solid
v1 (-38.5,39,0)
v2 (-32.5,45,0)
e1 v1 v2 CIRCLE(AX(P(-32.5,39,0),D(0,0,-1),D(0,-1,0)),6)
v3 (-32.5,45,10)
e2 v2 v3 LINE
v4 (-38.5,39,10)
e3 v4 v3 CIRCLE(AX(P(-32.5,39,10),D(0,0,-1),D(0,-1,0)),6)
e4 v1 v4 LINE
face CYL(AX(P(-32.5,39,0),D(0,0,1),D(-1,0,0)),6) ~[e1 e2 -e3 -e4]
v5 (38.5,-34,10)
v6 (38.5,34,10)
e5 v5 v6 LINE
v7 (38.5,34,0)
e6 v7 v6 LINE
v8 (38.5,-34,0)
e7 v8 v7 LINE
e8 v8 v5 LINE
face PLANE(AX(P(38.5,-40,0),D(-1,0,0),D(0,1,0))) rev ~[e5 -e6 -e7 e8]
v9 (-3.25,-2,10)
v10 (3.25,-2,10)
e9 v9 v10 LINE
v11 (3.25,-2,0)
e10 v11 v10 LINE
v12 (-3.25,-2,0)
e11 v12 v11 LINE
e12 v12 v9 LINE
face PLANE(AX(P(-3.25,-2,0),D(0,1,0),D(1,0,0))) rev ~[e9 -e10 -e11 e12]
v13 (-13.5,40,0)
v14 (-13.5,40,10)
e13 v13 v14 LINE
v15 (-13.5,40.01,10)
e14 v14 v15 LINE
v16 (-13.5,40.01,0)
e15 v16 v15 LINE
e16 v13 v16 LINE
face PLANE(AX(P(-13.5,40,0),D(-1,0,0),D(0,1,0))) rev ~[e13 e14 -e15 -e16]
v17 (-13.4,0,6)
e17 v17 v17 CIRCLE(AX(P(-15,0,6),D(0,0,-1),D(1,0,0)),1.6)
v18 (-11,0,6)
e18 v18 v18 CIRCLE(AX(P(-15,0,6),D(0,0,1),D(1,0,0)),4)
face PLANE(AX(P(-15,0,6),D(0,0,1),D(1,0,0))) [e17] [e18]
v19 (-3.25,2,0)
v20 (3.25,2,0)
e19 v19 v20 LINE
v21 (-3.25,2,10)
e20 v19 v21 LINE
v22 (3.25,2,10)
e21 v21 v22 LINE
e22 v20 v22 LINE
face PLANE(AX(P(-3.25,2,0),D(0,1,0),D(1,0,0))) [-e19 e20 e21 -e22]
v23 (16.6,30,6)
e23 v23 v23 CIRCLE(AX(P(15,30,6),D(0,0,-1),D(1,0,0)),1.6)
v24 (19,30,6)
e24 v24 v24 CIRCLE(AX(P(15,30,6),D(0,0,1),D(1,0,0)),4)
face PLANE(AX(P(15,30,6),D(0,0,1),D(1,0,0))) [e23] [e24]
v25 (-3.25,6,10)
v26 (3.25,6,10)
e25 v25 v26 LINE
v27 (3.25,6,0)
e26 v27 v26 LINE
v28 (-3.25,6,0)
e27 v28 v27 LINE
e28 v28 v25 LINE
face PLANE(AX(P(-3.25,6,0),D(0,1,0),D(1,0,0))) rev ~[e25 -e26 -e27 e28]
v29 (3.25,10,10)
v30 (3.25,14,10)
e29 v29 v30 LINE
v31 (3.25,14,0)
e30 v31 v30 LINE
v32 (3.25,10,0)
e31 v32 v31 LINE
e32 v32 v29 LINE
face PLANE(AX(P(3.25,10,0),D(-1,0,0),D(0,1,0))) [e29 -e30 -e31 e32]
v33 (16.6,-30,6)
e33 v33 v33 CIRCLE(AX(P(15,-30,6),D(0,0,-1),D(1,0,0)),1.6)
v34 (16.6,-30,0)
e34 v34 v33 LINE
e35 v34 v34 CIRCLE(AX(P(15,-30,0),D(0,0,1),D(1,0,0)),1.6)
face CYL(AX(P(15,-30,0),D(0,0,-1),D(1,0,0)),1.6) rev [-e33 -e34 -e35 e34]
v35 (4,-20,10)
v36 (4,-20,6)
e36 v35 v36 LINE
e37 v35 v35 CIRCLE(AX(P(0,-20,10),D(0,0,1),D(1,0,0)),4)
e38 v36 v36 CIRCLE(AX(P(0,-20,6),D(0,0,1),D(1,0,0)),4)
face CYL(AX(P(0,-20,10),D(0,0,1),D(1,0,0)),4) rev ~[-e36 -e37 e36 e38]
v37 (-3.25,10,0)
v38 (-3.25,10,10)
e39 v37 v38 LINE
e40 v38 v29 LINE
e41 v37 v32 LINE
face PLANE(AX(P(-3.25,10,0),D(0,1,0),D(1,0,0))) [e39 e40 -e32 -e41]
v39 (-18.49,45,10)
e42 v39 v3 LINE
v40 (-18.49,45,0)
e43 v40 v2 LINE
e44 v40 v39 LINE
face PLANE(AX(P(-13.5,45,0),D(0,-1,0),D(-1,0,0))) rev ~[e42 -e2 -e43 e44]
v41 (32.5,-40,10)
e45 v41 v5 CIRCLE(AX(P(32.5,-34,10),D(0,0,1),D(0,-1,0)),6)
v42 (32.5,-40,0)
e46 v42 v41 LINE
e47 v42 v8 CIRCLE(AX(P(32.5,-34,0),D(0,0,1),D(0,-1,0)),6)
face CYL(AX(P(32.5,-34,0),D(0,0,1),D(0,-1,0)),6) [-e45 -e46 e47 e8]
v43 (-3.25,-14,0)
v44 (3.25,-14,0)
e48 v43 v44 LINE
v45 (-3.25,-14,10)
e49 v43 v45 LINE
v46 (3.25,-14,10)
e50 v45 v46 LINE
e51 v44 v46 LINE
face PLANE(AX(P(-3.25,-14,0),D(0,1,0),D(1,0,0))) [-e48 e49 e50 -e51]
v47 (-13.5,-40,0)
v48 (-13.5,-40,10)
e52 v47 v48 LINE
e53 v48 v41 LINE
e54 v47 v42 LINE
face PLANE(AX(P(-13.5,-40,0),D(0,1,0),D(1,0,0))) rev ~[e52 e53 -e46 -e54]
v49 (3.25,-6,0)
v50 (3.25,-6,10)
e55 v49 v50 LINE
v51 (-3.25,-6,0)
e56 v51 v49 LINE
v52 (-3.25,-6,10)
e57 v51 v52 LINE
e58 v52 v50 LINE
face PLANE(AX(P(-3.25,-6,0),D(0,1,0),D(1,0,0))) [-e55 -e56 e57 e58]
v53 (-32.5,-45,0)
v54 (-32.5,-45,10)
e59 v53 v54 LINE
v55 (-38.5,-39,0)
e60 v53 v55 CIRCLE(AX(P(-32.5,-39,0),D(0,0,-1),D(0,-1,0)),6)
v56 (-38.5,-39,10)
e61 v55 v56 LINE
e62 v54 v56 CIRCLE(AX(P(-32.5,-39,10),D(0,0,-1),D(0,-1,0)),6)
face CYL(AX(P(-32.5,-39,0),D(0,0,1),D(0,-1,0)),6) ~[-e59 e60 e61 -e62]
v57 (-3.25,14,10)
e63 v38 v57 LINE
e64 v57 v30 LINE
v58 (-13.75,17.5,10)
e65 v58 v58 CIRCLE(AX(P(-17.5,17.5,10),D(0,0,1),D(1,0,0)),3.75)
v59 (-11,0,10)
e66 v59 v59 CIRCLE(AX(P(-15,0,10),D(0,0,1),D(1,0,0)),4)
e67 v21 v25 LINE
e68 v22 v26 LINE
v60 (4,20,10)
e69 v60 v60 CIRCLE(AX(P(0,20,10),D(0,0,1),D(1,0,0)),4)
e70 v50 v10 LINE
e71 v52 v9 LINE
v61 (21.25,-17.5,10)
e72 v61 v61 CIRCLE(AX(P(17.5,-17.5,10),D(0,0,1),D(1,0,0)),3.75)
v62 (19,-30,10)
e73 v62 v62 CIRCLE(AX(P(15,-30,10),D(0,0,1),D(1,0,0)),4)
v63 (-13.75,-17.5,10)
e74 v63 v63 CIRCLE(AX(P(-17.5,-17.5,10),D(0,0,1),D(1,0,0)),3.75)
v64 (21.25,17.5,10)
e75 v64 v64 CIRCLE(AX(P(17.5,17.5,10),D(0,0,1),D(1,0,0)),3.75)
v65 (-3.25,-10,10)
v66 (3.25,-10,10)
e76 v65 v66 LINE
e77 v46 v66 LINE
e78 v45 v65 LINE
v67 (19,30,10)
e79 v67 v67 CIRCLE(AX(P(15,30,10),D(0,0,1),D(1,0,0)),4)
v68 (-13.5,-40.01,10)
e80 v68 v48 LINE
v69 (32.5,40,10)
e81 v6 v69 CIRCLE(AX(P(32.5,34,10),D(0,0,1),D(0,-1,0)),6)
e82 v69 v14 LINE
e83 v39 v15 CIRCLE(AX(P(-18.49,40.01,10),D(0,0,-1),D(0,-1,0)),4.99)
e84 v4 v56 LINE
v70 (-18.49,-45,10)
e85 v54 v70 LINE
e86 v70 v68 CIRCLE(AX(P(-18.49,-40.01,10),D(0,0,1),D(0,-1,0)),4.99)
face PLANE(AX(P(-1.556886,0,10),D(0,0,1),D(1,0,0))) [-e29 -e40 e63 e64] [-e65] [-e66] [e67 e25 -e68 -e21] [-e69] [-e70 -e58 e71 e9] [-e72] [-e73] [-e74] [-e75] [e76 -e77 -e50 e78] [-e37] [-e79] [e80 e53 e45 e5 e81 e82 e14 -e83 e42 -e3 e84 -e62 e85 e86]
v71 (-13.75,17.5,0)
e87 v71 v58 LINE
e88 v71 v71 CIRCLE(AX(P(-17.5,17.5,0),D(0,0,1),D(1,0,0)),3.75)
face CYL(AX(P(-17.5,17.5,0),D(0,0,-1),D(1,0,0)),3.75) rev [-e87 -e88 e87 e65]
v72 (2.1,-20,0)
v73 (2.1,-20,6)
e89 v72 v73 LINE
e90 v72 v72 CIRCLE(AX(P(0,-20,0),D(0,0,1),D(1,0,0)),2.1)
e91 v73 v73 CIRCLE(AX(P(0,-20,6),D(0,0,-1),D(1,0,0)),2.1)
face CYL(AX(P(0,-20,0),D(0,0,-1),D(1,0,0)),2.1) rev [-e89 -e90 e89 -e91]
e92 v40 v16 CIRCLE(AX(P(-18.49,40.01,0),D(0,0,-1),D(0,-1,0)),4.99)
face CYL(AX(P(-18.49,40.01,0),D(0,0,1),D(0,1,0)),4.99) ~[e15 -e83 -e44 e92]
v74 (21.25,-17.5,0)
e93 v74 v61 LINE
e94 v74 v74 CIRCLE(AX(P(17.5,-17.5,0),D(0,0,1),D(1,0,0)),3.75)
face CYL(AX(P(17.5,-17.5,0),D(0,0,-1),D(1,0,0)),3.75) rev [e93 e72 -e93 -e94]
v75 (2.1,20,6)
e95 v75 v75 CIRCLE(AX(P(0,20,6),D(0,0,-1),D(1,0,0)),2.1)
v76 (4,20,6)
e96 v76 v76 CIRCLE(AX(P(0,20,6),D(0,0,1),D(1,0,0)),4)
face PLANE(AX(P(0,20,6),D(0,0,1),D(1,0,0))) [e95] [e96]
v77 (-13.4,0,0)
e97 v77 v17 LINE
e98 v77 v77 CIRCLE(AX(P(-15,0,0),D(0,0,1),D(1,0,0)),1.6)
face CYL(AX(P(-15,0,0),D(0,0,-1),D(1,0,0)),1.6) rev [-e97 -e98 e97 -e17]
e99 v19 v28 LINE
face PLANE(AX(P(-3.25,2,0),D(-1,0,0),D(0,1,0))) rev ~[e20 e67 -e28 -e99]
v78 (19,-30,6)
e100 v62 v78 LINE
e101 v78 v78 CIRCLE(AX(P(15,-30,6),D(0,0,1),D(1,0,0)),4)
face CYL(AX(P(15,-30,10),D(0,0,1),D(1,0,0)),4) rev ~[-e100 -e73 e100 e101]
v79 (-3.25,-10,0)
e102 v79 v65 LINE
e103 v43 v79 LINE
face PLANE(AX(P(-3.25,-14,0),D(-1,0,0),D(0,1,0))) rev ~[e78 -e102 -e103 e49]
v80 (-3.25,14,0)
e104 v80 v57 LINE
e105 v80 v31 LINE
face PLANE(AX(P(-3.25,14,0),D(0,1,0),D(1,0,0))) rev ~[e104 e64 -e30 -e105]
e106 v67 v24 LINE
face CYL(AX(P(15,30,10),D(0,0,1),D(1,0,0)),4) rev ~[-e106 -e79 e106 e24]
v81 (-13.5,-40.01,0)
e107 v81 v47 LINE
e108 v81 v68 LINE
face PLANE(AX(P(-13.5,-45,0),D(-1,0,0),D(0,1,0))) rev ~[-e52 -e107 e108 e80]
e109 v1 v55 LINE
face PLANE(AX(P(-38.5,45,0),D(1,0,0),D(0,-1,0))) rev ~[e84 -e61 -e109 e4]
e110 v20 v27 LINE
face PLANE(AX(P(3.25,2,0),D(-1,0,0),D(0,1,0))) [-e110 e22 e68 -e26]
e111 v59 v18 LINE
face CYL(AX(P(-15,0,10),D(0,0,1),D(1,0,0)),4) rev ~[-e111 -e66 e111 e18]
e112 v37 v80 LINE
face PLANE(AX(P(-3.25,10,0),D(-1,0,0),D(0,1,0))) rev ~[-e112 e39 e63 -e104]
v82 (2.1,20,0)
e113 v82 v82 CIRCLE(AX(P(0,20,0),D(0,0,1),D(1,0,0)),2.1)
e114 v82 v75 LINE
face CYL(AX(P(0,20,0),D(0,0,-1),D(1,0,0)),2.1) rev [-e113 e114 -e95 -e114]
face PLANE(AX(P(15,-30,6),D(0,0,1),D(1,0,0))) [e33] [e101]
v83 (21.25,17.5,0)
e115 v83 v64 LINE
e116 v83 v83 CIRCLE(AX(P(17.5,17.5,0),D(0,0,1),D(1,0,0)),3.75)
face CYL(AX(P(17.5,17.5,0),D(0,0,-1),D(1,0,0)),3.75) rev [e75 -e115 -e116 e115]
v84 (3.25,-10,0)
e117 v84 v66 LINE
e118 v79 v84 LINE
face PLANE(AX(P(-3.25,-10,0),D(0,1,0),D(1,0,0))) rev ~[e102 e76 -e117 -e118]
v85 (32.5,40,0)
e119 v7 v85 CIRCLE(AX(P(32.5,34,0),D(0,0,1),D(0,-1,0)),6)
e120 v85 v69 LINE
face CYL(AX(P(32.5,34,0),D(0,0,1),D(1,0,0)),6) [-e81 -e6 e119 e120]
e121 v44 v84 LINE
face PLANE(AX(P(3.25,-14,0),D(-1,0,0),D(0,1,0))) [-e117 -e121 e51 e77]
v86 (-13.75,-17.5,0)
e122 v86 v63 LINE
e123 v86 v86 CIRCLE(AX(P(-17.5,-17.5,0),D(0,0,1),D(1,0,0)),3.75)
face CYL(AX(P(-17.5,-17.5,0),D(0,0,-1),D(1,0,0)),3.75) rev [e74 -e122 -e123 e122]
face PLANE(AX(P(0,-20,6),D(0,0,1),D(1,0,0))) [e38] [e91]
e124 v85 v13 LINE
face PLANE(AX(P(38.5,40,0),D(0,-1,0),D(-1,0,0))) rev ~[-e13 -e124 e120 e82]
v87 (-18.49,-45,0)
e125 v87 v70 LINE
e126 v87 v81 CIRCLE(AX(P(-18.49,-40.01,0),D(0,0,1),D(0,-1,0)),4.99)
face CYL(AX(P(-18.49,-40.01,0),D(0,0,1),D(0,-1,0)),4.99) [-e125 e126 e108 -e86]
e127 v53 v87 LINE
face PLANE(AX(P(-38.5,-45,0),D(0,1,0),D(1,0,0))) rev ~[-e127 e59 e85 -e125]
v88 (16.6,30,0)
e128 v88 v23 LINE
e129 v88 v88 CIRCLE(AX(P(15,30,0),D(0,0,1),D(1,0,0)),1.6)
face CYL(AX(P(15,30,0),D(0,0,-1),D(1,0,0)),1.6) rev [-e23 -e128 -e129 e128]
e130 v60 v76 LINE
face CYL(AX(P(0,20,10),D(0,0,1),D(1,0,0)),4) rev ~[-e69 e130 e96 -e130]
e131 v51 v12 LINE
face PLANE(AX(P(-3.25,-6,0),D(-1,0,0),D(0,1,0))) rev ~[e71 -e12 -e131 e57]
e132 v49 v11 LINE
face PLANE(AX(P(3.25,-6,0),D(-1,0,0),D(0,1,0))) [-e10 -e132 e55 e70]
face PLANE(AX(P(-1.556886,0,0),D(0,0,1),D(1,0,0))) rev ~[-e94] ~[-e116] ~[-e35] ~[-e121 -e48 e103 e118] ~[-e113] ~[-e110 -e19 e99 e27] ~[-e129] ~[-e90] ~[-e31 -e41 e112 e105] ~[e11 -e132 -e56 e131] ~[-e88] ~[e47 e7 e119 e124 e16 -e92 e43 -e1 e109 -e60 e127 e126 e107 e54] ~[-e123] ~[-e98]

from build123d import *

# Parameters (mm, degrees)
SKETCH_R     = 1.6
SKETCH_R_2   = 2.1
SKETCH_R_3   = 3.75
SKETCH_W     = 6.5
SKETCH_H     = 4
PAD_DEPTH    = 10
SKETCH001_R  = 4
POCKET_DEPTH = 4
FILLET_R     = 6
FILLET001_R  = 4.99


with BuildPart() as part:
    # Sketch → Pad (new body)
    with BuildSketch(Plane.XY):
        Polygon((-38.5, 40), (-38.5, -40), (-38.5, -45), (-13.5, -45), (-13.5, -40), (38.5, -40), (38.5, 40), (-13.5, 40), (-13.5, 45), (-38.5, 45), align=None)
        with Locations((-15, 0)):
            Circle(SKETCH_R, mode=Mode.SUBTRACT)
        with Locations((15, -30)):
            Circle(SKETCH_R, mode=Mode.SUBTRACT)
        with Locations((0, 20)):
            Circle(SKETCH_R_2, mode=Mode.SUBTRACT)
        with Locations((0, -20)):
            Circle(SKETCH_R_2, mode=Mode.SUBTRACT)
        with Locations((15, 30)):
            Circle(SKETCH_R, mode=Mode.SUBTRACT)
        with Locations((-17.5, 17.5)):
            Circle(SKETCH_R_3, mode=Mode.SUBTRACT)
        with Locations((-17.5, -17.5)):
            Circle(SKETCH_R_3, mode=Mode.SUBTRACT)
        with Locations((17.5, -17.5)):
            Circle(SKETCH_R_3, mode=Mode.SUBTRACT)
        with Locations((17.5, 17.5)):
            Circle(SKETCH_R_3, mode=Mode.SUBTRACT)
        with Locations((0, 4)):
            Rectangle(SKETCH_W, SKETCH_H, mode=Mode.SUBTRACT)
        with Locations((0, -4)):
            Rectangle(SKETCH_W, SKETCH_H, mode=Mode.SUBTRACT)
        with Locations((0, 12)):
            Rectangle(SKETCH_W, SKETCH_H, mode=Mode.SUBTRACT)
        with Locations((0, -12)):
            Rectangle(SKETCH_W, SKETCH_H, mode=Mode.SUBTRACT)
    extrude(amount=PAD_DEPTH)

    # Sketch001 (on Face34 of Pad) → Pocket (cut)
    with BuildSketch(Plane.XY.offset(10)):
        with Locations((-15, 0)):
            Circle(SKETCH001_R)
        with Locations((15, -30)):
            Circle(SKETCH001_R)
        with Locations((15, 30)):
            Circle(SKETCH001_R)
        with Locations((0, 20)):
            Circle(SKETCH001_R)
        with Locations((0, -20)):
            Circle(SKETCH001_R)
    extrude(amount=-POCKET_DEPTH, mode=Mode.SUBTRACT)

    # Fillet
    fillet_edges = [part.edges().sort_by_distance(p)[0] for p in [
        (-38.5, -45, 5),
        (38.5, -40, 5),
        (-38.5, 45, 5),
        (38.5, 40, 5),
    ]]
    fillet(fillet_edges, radius=FILLET_R)

    # Fillet001
    fillet001_edges = [part.edges().sort_by_distance(p)[0] for p in [
        (-13.5, 45, 5),
        (-13.5, -45, 5),
    ]]
    fillet(fillet001_edges, radius=FILLET001_R)


solid = part.part
